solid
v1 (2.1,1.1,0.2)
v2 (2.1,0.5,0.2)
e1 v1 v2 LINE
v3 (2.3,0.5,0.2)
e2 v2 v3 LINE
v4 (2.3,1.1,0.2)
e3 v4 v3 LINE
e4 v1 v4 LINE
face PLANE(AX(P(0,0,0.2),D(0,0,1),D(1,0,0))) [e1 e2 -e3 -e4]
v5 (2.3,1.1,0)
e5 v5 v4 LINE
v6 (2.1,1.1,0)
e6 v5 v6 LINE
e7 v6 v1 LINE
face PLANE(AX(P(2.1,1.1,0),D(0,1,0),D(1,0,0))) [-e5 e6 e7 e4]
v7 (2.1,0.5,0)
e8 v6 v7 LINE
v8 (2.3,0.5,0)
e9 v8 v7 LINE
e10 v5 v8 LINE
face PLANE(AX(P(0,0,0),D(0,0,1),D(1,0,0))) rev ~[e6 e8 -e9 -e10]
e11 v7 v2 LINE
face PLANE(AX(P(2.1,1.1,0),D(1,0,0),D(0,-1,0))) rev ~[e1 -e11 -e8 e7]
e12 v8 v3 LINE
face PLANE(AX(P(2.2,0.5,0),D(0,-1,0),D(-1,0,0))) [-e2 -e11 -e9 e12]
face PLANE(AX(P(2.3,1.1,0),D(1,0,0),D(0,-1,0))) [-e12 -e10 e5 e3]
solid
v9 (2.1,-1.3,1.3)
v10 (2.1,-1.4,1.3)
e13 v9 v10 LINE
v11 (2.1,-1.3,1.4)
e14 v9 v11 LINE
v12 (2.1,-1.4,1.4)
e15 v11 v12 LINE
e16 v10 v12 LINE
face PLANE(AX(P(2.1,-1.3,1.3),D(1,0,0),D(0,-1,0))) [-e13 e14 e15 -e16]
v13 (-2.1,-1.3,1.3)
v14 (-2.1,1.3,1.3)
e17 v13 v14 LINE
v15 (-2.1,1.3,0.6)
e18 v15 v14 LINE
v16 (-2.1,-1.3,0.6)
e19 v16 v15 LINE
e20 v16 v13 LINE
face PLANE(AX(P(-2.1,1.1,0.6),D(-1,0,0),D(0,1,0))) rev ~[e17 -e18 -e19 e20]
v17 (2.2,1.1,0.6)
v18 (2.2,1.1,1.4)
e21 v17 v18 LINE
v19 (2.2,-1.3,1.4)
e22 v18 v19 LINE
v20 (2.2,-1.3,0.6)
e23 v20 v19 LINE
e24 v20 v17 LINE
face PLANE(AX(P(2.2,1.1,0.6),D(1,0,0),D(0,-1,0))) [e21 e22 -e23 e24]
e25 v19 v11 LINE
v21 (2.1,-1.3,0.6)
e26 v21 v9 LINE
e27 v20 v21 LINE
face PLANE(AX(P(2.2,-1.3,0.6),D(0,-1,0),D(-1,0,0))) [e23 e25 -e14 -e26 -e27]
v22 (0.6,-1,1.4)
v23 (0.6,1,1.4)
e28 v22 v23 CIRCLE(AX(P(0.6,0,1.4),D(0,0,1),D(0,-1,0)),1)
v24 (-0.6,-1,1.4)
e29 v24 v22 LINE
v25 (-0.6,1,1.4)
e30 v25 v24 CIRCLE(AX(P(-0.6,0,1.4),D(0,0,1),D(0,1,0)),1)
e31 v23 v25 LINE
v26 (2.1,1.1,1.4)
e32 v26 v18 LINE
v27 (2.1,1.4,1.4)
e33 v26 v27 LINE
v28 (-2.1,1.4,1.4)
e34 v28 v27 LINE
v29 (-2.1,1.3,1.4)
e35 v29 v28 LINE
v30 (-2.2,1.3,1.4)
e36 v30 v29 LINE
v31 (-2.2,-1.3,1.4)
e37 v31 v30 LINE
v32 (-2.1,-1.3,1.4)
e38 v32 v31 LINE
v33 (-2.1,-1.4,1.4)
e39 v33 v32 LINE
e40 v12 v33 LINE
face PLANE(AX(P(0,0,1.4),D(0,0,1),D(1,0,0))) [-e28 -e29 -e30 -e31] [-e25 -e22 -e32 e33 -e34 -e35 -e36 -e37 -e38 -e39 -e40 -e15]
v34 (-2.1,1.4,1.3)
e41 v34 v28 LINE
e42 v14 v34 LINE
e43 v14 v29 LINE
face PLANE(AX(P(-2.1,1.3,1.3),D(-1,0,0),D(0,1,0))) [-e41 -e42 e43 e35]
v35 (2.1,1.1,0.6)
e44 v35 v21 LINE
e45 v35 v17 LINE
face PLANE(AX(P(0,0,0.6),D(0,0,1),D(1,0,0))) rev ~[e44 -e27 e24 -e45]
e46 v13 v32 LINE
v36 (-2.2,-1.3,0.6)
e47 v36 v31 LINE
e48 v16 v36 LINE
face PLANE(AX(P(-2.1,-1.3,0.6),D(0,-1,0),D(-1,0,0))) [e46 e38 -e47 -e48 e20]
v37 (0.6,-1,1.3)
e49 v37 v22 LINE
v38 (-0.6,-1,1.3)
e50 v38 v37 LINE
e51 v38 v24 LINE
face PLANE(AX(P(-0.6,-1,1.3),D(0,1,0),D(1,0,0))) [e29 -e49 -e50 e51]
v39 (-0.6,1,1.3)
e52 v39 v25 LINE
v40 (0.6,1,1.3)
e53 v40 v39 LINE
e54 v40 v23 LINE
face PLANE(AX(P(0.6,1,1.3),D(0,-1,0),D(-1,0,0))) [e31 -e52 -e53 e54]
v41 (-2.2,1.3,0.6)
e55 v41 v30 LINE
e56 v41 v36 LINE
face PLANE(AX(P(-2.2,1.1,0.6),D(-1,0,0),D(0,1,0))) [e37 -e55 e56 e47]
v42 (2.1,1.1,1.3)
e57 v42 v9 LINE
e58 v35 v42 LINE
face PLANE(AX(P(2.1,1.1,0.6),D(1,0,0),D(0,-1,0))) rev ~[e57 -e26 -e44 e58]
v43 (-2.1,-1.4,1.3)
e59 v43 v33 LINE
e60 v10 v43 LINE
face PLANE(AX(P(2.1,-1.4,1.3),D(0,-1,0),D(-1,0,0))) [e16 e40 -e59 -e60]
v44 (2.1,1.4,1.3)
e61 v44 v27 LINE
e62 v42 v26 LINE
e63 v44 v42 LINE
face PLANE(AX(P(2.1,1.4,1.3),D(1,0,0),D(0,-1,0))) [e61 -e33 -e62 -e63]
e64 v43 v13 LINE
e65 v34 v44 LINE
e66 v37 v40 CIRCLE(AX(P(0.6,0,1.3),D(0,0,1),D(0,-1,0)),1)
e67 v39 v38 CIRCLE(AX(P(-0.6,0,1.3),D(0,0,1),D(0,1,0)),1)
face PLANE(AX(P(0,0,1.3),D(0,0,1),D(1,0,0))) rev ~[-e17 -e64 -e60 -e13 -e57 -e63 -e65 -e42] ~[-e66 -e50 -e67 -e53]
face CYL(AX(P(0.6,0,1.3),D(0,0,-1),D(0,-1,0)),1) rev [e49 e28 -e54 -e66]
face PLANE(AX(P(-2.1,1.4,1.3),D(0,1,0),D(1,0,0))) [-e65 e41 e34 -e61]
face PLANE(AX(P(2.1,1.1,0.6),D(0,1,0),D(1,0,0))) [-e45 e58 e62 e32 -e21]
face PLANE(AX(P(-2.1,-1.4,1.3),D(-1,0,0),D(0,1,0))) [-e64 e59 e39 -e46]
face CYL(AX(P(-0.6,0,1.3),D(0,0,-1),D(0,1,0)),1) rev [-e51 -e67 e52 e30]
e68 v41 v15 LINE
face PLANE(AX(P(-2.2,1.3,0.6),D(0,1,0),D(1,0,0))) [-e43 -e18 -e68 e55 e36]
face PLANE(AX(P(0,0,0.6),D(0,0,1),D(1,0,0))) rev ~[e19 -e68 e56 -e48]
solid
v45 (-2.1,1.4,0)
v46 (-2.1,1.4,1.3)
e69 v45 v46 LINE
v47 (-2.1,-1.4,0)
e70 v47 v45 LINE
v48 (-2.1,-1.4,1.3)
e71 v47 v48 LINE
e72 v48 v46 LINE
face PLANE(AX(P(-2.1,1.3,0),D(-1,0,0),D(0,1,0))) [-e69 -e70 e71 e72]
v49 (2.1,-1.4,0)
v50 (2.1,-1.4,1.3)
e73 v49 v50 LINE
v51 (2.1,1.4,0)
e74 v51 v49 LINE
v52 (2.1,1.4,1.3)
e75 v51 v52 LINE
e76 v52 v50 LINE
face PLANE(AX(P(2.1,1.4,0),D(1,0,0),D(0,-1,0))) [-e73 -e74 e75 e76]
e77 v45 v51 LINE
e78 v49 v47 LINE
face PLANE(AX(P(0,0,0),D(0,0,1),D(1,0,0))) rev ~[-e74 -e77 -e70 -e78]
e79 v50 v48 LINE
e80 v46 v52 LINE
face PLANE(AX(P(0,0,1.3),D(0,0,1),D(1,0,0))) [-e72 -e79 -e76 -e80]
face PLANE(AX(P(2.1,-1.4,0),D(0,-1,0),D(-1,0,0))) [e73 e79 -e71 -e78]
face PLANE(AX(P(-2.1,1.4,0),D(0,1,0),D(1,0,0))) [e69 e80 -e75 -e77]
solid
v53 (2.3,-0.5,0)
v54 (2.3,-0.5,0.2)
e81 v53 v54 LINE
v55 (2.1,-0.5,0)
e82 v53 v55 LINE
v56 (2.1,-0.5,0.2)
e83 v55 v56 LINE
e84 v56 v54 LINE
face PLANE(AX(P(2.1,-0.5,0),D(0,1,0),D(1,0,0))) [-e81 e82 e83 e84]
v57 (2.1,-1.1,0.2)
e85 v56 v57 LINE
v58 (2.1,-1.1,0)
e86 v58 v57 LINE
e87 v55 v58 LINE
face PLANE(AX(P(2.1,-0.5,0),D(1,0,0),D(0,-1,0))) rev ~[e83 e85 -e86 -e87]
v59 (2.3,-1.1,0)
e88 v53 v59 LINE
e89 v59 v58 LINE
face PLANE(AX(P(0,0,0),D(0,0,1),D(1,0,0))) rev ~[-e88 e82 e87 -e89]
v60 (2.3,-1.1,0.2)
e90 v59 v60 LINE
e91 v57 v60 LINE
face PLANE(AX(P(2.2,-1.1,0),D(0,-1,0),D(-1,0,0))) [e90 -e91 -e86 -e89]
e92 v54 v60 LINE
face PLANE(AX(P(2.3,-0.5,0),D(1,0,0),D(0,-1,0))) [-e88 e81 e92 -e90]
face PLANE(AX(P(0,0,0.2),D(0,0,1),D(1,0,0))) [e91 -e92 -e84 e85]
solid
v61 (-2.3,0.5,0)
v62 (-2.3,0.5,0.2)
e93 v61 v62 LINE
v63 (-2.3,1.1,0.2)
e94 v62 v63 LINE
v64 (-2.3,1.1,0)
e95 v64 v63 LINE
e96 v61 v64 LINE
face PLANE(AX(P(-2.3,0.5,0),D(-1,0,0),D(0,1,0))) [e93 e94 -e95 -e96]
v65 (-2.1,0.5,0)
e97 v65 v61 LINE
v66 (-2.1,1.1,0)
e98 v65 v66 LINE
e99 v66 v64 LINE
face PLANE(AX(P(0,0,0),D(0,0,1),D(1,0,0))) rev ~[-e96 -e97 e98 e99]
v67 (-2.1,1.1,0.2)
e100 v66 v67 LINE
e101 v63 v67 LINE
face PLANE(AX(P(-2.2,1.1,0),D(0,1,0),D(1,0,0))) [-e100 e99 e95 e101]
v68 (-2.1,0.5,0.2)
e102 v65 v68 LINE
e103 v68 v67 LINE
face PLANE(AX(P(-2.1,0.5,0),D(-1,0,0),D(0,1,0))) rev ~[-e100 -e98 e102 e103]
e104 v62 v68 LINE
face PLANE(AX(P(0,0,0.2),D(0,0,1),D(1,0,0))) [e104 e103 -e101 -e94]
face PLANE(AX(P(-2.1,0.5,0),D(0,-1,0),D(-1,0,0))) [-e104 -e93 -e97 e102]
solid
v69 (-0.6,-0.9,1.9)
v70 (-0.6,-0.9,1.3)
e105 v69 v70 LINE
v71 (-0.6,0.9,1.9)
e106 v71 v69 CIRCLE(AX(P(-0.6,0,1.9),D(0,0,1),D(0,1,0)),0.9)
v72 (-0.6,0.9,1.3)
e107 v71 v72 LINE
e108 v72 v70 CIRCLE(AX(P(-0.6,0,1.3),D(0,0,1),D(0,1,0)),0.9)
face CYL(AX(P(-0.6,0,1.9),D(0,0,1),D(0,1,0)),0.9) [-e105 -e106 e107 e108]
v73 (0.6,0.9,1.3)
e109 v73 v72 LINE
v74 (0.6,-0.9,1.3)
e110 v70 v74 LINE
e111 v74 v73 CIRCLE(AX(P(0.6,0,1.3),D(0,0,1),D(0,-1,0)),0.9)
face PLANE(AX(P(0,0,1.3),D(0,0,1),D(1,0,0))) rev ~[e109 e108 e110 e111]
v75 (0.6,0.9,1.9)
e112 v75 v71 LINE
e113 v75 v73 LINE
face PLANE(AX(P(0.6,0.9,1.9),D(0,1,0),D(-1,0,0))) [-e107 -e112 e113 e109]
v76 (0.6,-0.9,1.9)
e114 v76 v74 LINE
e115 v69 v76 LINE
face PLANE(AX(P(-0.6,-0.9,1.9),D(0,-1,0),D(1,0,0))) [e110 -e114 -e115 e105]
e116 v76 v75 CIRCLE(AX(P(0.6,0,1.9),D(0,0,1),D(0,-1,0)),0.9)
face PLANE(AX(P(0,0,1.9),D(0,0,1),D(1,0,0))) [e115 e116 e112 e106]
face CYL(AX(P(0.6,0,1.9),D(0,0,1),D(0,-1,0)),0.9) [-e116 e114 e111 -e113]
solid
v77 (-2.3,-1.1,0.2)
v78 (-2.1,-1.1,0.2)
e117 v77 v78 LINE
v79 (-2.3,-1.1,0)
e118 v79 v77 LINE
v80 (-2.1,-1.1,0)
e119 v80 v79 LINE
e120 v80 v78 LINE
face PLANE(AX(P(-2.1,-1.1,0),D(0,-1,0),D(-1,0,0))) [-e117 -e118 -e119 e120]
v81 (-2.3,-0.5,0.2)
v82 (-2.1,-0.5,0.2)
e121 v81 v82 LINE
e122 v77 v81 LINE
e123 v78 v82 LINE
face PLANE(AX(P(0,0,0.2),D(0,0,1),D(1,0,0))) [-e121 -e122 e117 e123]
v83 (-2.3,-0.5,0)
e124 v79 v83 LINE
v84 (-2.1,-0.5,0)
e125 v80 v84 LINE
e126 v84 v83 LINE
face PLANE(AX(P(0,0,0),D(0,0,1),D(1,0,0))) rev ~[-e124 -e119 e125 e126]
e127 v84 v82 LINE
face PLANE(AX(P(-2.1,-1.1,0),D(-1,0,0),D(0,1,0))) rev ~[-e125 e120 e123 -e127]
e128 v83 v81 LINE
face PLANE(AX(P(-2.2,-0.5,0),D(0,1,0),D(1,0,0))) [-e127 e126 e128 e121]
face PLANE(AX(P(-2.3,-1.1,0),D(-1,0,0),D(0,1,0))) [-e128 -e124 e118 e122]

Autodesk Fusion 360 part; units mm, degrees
sketch "Sketch1" plane through (0, 0, 0) normal (0, 0, 1) x (1, 0, 0) in component "Tactile Microminiature CK KMR2"
  line L0 (-0.6, -1) -> (0.6, -1)
  arc A0 (0.6, -1) -> (0.6, 1) centre (0.6, 0) ccw
  line L1 (0.6, 1) -> (-0.6, 1)
  arc A1 (-0.6, 1) -> (-0.6, -1) centre (-0.6, 0) ccw
  line L2 (-0.6, 0) -> (0.6, 0) construction
  line L3 (0.6, 0.9) -> (-0.6, 0.9)
  arc A2 (-0.6, 0.9) -> (-0.6, -0.9) centre (-0.6, 0) ccw
  line L4 (-0.6, -0.9) -> (0.6, -0.9)
  arc A3 (0.6, -0.9) -> (0.6, 0.9) centre (0.6, 0) ccw
  line L5 (-2.2, 1.3) -> (-2.1, 1.3)
  line L6 (-2.1, -1.3) -> (-2.2, -1.3)
  line L7 (-2.2, -1.3) -> (-2.2, 1.3)
  line L8 (2.1, 1.3) -> (2.2, 1.3)
  line L9 (2.2, 1.3) -> (2.2, -1.3)
  line L10 (2.2, -1.3) -> (2.1, -1.3)
  line L11 (2.1, -1.4) -> (-2.1, -1.4)
  line L12 (-2.1, -1.4) -> (-2.1, 1.4)
  line L13 (-2.1, 1.4) -> (2.1, 1.4)
  line L14 (2.1, 1.4) -> (2.1, -1.4)
  line L15 (2.3, -0.5) -> (2.3, -1.1)
  line L16 (-2.3, -1.1) -> (-2.3, -0.5)
  line L17 (2.3, 1.1) -> (2.3, 0.5)
  line L18 (-2.3, 0.5) -> (-2.3, 1.1)
  line L19 (-2.3, 1.1) -> (-2.1, 1.1)
  line L20 (2.1, 1.1) -> (2.3, 1.1)
  line L21 (-2.1, 0.5) -> (-2.3, 0.5)
  line L22 (2.3, 0.5) -> (2.1, 0.5)
  line L23 (2.1, -0.5) -> (2.3, -0.5)
  line L24 (2.3, -1.1) -> (2.1, -1.1)
  line L25 (-2.1, -1.1) -> (-2.3, -1.1)
  line L26 (-2.3, -0.5) -> (-2.1, -0.5)
  dimension "d4" = -0.1
  dimension "d20" = 2.8
extrude "Extrude2" add sketch "Sketch1" along normal blind 1.4 and the other way blind -1.3 contours L11 L12 L13 L14 makes body 1 in component "Tactile Microminiature CK KMR2"
extrude "Extrude3" add sketch "Sketch1" along normal blind 1.4 and the other way blind -0.6 contours L5 L7 L12 L19 | L7 L12 L19 L21 | L7 L12 L21 L26 | L7 L12 L25 L26 | L6 L7 L12 L25 | L9 L14 L20 L22 | L9 L14 L22 L23 | L9 L14 L23 L24 | L9 L10 L14 L24 bodies 1 in component "Tactile Microminiature CK KMR2"
extrude "Extrude4" add sketch "Sketch1" along normal blind 1.3 and the other way blind -1.9 separate body contours L3 A2 L4 A3 makes body 2 in component "Tactile Microminiature CK KMR2"
extrude "Extrude5" add sketch "Sketch1" along normal blind 1.3 separate body contours L0 A0 L1 A1 | L3 A2 L4 A3 | L11 L12 L13 L14 makes body 3 in component "Tactile Microminiature CK KMR2"
extrude "Extrude6" add sketch "Sketch1" along normal blind 0.2 separate body contours L7 L12 L19 L21 | L7 L18 L19 L21 | L7 L12 L25 L26 | L7 L16 L25 L26 | L9 L14 L20 L22 | L9 L17 L20 L22 | L9 L14 L23 L24 | L9 L15 L23 L24 makes body 4 at (-2.1667, 0.7, 0) makes body 5 at (2.3, 0.9, 0.0667) makes body 6 at (-2.1667, -0.9, 0) makes body 7 at (2.3, -0.7, 0.0667) in component "Tactile Microminiature CK KMR2"
component "Tactile Microminiature CK KMR2" placed x (1, 0, 0) y (0, 1, 0) z (0, 0, 1) at (0, 0, 0)
equation "d10 = Side2TaperAngle"
equation "d14 = Side2TaperAngle"
equation "d18 = Side2TaperAngle"
